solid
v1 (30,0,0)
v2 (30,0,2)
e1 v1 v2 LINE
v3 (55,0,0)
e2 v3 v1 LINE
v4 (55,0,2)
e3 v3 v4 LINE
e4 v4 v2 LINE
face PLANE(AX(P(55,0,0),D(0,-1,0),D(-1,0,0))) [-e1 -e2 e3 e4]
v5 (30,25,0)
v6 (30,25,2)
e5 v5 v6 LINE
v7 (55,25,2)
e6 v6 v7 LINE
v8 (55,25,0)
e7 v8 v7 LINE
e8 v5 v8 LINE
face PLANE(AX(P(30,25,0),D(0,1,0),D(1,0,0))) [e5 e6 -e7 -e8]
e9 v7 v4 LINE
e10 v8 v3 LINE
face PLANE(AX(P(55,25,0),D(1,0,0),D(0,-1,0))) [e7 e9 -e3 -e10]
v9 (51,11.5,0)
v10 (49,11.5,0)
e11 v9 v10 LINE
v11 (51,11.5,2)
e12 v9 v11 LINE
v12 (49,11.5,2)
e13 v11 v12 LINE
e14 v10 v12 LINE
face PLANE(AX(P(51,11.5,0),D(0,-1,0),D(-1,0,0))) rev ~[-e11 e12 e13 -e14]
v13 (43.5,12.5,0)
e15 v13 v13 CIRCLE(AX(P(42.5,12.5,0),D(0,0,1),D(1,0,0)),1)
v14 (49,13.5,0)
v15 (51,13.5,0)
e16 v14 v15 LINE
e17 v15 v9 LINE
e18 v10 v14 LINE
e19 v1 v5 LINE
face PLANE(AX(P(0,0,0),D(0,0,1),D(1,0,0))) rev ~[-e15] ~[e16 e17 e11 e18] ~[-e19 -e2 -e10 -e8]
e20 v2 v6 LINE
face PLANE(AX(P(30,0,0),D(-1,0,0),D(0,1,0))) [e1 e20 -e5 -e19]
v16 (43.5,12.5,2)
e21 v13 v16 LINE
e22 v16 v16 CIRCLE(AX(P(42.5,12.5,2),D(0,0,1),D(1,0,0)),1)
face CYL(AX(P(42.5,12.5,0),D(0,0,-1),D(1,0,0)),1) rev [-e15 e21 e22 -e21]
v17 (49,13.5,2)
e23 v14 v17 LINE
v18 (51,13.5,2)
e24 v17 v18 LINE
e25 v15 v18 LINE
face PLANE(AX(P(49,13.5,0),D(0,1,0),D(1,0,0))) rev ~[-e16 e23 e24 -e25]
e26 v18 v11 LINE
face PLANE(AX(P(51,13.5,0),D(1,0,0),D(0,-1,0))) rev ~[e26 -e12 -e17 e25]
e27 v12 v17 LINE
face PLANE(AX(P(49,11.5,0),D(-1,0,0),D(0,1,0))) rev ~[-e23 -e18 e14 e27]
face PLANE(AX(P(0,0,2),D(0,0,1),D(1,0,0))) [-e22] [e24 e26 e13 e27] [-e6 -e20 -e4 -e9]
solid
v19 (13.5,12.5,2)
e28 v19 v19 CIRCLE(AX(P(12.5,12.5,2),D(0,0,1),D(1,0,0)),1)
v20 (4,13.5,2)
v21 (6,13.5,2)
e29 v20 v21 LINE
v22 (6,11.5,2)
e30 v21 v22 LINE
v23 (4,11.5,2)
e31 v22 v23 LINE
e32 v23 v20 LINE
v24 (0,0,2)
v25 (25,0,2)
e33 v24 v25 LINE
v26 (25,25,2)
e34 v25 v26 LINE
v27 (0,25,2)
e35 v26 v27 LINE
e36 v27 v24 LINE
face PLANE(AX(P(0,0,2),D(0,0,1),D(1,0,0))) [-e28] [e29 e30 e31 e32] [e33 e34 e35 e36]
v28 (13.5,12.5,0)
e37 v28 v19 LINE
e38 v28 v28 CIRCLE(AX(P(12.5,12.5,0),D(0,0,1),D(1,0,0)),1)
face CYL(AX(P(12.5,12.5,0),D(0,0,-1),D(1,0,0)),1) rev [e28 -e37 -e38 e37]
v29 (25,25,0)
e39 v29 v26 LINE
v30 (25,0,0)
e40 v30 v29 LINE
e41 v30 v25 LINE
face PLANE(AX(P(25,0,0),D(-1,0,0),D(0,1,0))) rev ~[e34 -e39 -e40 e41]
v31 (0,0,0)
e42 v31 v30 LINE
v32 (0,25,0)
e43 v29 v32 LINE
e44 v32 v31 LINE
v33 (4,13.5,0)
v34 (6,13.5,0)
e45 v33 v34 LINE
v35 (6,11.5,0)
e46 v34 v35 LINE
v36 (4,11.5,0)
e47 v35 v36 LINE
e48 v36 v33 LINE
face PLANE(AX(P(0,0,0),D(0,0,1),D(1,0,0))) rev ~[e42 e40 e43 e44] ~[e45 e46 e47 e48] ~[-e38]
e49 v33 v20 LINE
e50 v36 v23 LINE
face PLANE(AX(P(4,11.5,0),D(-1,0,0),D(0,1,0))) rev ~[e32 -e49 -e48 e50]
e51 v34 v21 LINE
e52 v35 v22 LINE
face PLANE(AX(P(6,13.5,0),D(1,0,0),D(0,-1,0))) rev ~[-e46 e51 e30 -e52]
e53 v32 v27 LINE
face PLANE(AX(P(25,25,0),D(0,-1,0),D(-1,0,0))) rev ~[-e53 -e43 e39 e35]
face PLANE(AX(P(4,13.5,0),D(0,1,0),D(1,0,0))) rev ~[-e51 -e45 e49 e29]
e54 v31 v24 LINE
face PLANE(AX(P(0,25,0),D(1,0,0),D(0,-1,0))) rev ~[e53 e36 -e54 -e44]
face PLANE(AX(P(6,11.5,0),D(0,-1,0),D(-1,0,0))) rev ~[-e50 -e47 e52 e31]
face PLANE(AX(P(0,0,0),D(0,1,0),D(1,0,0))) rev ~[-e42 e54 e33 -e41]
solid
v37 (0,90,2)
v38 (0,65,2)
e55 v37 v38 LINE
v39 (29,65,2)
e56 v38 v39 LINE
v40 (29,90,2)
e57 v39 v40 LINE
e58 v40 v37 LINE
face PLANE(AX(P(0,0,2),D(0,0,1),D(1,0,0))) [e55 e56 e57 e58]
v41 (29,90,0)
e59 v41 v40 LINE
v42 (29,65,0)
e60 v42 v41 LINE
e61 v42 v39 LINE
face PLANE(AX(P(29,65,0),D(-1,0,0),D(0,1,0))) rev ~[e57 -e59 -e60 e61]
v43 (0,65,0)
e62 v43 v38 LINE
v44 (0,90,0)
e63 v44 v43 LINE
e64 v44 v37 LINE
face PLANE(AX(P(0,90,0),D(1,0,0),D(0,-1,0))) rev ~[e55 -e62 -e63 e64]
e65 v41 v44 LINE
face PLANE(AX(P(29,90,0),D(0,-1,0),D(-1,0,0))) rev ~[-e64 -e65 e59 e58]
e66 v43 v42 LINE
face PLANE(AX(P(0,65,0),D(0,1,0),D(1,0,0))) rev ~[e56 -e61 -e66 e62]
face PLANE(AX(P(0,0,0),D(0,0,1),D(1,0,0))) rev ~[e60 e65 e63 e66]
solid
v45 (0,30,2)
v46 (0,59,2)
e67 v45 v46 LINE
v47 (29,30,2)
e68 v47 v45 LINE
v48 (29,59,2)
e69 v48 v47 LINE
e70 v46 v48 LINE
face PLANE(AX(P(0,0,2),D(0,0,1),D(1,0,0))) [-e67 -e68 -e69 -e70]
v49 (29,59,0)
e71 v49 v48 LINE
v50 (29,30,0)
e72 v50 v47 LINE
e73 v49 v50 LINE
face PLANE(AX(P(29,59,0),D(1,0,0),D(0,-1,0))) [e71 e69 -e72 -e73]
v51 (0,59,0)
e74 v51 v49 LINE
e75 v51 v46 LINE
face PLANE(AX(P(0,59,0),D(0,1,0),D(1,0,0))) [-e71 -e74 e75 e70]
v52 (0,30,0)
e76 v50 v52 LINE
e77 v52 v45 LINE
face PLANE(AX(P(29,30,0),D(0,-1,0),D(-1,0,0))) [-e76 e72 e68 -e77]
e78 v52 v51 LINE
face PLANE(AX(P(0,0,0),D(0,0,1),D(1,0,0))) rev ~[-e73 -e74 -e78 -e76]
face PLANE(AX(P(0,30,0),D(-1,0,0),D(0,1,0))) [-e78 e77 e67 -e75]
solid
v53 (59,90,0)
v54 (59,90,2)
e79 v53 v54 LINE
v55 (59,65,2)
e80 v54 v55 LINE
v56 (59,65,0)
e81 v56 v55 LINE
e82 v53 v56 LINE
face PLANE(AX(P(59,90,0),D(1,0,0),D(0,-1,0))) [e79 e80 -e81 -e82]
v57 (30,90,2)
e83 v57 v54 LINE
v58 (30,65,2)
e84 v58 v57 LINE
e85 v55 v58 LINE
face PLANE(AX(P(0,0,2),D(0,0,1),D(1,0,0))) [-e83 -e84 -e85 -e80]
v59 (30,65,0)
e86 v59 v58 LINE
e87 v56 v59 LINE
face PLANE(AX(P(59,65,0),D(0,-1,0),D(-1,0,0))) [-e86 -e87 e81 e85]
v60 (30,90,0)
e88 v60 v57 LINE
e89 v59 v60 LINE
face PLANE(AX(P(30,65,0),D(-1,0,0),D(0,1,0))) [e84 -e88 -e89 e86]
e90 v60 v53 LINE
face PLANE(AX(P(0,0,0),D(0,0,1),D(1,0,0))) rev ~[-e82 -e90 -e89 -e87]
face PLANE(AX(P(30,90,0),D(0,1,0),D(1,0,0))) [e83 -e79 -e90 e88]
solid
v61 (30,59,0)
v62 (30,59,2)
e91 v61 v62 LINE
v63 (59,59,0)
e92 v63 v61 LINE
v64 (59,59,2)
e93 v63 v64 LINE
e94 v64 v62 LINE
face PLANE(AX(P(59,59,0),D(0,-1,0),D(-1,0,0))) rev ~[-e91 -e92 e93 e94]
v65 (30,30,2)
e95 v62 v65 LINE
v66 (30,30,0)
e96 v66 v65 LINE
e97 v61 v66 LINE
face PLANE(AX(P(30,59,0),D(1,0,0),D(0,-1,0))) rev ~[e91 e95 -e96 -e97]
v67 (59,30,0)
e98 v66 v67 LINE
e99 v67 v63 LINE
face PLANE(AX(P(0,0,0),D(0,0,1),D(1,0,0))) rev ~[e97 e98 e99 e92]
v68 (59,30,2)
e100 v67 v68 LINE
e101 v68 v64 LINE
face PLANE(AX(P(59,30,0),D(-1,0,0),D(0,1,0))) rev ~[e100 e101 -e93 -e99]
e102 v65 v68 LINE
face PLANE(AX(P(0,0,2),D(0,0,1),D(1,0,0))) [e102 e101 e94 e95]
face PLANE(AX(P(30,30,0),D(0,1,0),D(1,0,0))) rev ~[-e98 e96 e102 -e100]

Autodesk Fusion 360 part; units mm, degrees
sketch "スケッチ1" plane through (0, 0, 0) normal (0, 0, 1) x (1, 0, 0)
  line L0 (0, 0) -> (25, 0)
  line L1 (25, 0) -> (25, 25)
  line L2 (25, 25) -> (0, 25)
  line L3 (0, 25) -> (0, 0)
  line L4 (30, 25) -> (55, 25)
  line L5 (55, 25) -> (55, 0)
  line L6 (55, 0) -> (30, 0)
  line L7 (30, 0) -> (30, 25)
  line L8 (0, 59) -> (29, 59)
  line L9 (29, 59) -> (29, 30)
  line L10 (29, 30) -> (0, 30)
  line L11 (0, 30) -> (0, 59)
  line L12 (30, 30) -> (59, 30)
  line L13 (59, 30) -> (59, 59)
  line L14 (59, 59) -> (30, 59)
  line L15 (30, 59) -> (30, 30)
  line L16 (0, 65) -> (29, 65)
  line L17 (29, 65) -> (29, 90)
  line L18 (29, 90) -> (0, 90)
  line L19 (0, 90) -> (0, 65)
  line L20 (30, 90) -> (59, 90)
  line L21 (59, 90) -> (59, 65)
  line L22 (59, 65) -> (30, 65)
  line L23 (30, 65) -> (30, 90)
  circle A0 centre (12.5, 12.5) radius 1
  circle A1 centre (42.5, 12.5) radius 1
  line L24 (4, 13.5) -> (6, 13.5)
  line L25 (6, 13.5) -> (6, 11.5)
  line L26 (6, 11.5) -> (4, 11.5)
  line L27 (4, 11.5) -> (4, 13.5)
  line L28 (49, 13.5) -> (51, 13.5)
  line L29 (51, 13.5) -> (51, 11.5)
  line L30 (51, 11.5) -> (49, 11.5)
  line L31 (49, 11.5) -> (49, 13.5)
  circle A2 centre (60, 0) radius 1
  line L32 (64, 1) -> (66, 1)
  line L33 (66, 1) -> (66, -1)
  line L34 (66, -1) -> (64, -1)
  line L35 (64, -1) -> (64, 1)
  line L36 (70, 5) -> (75, 5)
  line L37 (75, 5) -> (75, 0)
  line L38 (75, 0) -> (70, 0)
  line L39 (70, 0) -> (70, 5)
  circle A3 centre (72.5, 2.5) radius 1
  line L40 (70, 12.5) -> (75, 12.5)
  line L41 (75, 12.5) -> (75, 7.5)
  line L42 (75, 7.5) -> (70, 7.5)
  line L43 (70, 7.5) -> (70, 12.5)
  line L44 (73.5, 11) -> (71.5, 11)
  line L45 (71.5, 11) -> (71.5, 9)
  line L46 (71.5, 9) -> (73.5, 9)
  line L47 (73.5, 9) -> (73.5, 11)
  line L48 (73.5, 11) -> (71.5, 9) construction
  line L49 (71.5, 11) -> (73.5, 9) construction
  point P0 (72.5, 10)
  dimension "d13" = 2
extrude "押し出し1" add sketch "スケッチ1" along normal blind 2 contours L0 L1 L2 L3 makes body 1 in component "前"
extrude "押し出し1'" add sketch "スケッチ1" along normal blind 2 separate body contours L4 L5 L6 L7 makes body 2 in component "後"
extrude "押し出し1''" add sketch "スケッチ1" along normal blind 2 separate body contours L8 L9 L10 L11 makes body 3 in component "上"
extrude "押し出し1'''" add sketch "スケッチ1" along normal blind 2 separate body contours L12 L13 L14 L15 makes body 4 in component "下"
extrude "押し出し1''''" add sketch "スケッチ1" along normal blind 2 separate body contours L16 L17 L18 L19 makes body 5 in component "左"
extrude "押し出し1'''''" add sketch "スケッチ1" along normal blind 2 separate body contours L20 L21 L22 L23 makes body 6 in component "右"
component "前" placed x (1, 0, 0) y (0, 1, 0) z (0, 0, 1) at (0, 0, 0)
component "後" placed x (1, 0, 0) y (0, 1, 0) z (0, 0, 1) at (0, 0, 0)
component "上" placed x (1, 0, 0) y (0, 1, 0) z (0, 0, 1) at (0, 0, 0)
component "下" placed x (1, 0, 0) y (0, 1, 0) z (0, 0, 1) at (0, 0, 0)
component "左" placed x (1, 0, 0) y (0, 1, 0) z (0, 0, 1) at (0, 0, 0)
component "右" placed x (1, 0, 0) y (0, 1, 0) z (0, 0, 1) at (0, 0, 0)
